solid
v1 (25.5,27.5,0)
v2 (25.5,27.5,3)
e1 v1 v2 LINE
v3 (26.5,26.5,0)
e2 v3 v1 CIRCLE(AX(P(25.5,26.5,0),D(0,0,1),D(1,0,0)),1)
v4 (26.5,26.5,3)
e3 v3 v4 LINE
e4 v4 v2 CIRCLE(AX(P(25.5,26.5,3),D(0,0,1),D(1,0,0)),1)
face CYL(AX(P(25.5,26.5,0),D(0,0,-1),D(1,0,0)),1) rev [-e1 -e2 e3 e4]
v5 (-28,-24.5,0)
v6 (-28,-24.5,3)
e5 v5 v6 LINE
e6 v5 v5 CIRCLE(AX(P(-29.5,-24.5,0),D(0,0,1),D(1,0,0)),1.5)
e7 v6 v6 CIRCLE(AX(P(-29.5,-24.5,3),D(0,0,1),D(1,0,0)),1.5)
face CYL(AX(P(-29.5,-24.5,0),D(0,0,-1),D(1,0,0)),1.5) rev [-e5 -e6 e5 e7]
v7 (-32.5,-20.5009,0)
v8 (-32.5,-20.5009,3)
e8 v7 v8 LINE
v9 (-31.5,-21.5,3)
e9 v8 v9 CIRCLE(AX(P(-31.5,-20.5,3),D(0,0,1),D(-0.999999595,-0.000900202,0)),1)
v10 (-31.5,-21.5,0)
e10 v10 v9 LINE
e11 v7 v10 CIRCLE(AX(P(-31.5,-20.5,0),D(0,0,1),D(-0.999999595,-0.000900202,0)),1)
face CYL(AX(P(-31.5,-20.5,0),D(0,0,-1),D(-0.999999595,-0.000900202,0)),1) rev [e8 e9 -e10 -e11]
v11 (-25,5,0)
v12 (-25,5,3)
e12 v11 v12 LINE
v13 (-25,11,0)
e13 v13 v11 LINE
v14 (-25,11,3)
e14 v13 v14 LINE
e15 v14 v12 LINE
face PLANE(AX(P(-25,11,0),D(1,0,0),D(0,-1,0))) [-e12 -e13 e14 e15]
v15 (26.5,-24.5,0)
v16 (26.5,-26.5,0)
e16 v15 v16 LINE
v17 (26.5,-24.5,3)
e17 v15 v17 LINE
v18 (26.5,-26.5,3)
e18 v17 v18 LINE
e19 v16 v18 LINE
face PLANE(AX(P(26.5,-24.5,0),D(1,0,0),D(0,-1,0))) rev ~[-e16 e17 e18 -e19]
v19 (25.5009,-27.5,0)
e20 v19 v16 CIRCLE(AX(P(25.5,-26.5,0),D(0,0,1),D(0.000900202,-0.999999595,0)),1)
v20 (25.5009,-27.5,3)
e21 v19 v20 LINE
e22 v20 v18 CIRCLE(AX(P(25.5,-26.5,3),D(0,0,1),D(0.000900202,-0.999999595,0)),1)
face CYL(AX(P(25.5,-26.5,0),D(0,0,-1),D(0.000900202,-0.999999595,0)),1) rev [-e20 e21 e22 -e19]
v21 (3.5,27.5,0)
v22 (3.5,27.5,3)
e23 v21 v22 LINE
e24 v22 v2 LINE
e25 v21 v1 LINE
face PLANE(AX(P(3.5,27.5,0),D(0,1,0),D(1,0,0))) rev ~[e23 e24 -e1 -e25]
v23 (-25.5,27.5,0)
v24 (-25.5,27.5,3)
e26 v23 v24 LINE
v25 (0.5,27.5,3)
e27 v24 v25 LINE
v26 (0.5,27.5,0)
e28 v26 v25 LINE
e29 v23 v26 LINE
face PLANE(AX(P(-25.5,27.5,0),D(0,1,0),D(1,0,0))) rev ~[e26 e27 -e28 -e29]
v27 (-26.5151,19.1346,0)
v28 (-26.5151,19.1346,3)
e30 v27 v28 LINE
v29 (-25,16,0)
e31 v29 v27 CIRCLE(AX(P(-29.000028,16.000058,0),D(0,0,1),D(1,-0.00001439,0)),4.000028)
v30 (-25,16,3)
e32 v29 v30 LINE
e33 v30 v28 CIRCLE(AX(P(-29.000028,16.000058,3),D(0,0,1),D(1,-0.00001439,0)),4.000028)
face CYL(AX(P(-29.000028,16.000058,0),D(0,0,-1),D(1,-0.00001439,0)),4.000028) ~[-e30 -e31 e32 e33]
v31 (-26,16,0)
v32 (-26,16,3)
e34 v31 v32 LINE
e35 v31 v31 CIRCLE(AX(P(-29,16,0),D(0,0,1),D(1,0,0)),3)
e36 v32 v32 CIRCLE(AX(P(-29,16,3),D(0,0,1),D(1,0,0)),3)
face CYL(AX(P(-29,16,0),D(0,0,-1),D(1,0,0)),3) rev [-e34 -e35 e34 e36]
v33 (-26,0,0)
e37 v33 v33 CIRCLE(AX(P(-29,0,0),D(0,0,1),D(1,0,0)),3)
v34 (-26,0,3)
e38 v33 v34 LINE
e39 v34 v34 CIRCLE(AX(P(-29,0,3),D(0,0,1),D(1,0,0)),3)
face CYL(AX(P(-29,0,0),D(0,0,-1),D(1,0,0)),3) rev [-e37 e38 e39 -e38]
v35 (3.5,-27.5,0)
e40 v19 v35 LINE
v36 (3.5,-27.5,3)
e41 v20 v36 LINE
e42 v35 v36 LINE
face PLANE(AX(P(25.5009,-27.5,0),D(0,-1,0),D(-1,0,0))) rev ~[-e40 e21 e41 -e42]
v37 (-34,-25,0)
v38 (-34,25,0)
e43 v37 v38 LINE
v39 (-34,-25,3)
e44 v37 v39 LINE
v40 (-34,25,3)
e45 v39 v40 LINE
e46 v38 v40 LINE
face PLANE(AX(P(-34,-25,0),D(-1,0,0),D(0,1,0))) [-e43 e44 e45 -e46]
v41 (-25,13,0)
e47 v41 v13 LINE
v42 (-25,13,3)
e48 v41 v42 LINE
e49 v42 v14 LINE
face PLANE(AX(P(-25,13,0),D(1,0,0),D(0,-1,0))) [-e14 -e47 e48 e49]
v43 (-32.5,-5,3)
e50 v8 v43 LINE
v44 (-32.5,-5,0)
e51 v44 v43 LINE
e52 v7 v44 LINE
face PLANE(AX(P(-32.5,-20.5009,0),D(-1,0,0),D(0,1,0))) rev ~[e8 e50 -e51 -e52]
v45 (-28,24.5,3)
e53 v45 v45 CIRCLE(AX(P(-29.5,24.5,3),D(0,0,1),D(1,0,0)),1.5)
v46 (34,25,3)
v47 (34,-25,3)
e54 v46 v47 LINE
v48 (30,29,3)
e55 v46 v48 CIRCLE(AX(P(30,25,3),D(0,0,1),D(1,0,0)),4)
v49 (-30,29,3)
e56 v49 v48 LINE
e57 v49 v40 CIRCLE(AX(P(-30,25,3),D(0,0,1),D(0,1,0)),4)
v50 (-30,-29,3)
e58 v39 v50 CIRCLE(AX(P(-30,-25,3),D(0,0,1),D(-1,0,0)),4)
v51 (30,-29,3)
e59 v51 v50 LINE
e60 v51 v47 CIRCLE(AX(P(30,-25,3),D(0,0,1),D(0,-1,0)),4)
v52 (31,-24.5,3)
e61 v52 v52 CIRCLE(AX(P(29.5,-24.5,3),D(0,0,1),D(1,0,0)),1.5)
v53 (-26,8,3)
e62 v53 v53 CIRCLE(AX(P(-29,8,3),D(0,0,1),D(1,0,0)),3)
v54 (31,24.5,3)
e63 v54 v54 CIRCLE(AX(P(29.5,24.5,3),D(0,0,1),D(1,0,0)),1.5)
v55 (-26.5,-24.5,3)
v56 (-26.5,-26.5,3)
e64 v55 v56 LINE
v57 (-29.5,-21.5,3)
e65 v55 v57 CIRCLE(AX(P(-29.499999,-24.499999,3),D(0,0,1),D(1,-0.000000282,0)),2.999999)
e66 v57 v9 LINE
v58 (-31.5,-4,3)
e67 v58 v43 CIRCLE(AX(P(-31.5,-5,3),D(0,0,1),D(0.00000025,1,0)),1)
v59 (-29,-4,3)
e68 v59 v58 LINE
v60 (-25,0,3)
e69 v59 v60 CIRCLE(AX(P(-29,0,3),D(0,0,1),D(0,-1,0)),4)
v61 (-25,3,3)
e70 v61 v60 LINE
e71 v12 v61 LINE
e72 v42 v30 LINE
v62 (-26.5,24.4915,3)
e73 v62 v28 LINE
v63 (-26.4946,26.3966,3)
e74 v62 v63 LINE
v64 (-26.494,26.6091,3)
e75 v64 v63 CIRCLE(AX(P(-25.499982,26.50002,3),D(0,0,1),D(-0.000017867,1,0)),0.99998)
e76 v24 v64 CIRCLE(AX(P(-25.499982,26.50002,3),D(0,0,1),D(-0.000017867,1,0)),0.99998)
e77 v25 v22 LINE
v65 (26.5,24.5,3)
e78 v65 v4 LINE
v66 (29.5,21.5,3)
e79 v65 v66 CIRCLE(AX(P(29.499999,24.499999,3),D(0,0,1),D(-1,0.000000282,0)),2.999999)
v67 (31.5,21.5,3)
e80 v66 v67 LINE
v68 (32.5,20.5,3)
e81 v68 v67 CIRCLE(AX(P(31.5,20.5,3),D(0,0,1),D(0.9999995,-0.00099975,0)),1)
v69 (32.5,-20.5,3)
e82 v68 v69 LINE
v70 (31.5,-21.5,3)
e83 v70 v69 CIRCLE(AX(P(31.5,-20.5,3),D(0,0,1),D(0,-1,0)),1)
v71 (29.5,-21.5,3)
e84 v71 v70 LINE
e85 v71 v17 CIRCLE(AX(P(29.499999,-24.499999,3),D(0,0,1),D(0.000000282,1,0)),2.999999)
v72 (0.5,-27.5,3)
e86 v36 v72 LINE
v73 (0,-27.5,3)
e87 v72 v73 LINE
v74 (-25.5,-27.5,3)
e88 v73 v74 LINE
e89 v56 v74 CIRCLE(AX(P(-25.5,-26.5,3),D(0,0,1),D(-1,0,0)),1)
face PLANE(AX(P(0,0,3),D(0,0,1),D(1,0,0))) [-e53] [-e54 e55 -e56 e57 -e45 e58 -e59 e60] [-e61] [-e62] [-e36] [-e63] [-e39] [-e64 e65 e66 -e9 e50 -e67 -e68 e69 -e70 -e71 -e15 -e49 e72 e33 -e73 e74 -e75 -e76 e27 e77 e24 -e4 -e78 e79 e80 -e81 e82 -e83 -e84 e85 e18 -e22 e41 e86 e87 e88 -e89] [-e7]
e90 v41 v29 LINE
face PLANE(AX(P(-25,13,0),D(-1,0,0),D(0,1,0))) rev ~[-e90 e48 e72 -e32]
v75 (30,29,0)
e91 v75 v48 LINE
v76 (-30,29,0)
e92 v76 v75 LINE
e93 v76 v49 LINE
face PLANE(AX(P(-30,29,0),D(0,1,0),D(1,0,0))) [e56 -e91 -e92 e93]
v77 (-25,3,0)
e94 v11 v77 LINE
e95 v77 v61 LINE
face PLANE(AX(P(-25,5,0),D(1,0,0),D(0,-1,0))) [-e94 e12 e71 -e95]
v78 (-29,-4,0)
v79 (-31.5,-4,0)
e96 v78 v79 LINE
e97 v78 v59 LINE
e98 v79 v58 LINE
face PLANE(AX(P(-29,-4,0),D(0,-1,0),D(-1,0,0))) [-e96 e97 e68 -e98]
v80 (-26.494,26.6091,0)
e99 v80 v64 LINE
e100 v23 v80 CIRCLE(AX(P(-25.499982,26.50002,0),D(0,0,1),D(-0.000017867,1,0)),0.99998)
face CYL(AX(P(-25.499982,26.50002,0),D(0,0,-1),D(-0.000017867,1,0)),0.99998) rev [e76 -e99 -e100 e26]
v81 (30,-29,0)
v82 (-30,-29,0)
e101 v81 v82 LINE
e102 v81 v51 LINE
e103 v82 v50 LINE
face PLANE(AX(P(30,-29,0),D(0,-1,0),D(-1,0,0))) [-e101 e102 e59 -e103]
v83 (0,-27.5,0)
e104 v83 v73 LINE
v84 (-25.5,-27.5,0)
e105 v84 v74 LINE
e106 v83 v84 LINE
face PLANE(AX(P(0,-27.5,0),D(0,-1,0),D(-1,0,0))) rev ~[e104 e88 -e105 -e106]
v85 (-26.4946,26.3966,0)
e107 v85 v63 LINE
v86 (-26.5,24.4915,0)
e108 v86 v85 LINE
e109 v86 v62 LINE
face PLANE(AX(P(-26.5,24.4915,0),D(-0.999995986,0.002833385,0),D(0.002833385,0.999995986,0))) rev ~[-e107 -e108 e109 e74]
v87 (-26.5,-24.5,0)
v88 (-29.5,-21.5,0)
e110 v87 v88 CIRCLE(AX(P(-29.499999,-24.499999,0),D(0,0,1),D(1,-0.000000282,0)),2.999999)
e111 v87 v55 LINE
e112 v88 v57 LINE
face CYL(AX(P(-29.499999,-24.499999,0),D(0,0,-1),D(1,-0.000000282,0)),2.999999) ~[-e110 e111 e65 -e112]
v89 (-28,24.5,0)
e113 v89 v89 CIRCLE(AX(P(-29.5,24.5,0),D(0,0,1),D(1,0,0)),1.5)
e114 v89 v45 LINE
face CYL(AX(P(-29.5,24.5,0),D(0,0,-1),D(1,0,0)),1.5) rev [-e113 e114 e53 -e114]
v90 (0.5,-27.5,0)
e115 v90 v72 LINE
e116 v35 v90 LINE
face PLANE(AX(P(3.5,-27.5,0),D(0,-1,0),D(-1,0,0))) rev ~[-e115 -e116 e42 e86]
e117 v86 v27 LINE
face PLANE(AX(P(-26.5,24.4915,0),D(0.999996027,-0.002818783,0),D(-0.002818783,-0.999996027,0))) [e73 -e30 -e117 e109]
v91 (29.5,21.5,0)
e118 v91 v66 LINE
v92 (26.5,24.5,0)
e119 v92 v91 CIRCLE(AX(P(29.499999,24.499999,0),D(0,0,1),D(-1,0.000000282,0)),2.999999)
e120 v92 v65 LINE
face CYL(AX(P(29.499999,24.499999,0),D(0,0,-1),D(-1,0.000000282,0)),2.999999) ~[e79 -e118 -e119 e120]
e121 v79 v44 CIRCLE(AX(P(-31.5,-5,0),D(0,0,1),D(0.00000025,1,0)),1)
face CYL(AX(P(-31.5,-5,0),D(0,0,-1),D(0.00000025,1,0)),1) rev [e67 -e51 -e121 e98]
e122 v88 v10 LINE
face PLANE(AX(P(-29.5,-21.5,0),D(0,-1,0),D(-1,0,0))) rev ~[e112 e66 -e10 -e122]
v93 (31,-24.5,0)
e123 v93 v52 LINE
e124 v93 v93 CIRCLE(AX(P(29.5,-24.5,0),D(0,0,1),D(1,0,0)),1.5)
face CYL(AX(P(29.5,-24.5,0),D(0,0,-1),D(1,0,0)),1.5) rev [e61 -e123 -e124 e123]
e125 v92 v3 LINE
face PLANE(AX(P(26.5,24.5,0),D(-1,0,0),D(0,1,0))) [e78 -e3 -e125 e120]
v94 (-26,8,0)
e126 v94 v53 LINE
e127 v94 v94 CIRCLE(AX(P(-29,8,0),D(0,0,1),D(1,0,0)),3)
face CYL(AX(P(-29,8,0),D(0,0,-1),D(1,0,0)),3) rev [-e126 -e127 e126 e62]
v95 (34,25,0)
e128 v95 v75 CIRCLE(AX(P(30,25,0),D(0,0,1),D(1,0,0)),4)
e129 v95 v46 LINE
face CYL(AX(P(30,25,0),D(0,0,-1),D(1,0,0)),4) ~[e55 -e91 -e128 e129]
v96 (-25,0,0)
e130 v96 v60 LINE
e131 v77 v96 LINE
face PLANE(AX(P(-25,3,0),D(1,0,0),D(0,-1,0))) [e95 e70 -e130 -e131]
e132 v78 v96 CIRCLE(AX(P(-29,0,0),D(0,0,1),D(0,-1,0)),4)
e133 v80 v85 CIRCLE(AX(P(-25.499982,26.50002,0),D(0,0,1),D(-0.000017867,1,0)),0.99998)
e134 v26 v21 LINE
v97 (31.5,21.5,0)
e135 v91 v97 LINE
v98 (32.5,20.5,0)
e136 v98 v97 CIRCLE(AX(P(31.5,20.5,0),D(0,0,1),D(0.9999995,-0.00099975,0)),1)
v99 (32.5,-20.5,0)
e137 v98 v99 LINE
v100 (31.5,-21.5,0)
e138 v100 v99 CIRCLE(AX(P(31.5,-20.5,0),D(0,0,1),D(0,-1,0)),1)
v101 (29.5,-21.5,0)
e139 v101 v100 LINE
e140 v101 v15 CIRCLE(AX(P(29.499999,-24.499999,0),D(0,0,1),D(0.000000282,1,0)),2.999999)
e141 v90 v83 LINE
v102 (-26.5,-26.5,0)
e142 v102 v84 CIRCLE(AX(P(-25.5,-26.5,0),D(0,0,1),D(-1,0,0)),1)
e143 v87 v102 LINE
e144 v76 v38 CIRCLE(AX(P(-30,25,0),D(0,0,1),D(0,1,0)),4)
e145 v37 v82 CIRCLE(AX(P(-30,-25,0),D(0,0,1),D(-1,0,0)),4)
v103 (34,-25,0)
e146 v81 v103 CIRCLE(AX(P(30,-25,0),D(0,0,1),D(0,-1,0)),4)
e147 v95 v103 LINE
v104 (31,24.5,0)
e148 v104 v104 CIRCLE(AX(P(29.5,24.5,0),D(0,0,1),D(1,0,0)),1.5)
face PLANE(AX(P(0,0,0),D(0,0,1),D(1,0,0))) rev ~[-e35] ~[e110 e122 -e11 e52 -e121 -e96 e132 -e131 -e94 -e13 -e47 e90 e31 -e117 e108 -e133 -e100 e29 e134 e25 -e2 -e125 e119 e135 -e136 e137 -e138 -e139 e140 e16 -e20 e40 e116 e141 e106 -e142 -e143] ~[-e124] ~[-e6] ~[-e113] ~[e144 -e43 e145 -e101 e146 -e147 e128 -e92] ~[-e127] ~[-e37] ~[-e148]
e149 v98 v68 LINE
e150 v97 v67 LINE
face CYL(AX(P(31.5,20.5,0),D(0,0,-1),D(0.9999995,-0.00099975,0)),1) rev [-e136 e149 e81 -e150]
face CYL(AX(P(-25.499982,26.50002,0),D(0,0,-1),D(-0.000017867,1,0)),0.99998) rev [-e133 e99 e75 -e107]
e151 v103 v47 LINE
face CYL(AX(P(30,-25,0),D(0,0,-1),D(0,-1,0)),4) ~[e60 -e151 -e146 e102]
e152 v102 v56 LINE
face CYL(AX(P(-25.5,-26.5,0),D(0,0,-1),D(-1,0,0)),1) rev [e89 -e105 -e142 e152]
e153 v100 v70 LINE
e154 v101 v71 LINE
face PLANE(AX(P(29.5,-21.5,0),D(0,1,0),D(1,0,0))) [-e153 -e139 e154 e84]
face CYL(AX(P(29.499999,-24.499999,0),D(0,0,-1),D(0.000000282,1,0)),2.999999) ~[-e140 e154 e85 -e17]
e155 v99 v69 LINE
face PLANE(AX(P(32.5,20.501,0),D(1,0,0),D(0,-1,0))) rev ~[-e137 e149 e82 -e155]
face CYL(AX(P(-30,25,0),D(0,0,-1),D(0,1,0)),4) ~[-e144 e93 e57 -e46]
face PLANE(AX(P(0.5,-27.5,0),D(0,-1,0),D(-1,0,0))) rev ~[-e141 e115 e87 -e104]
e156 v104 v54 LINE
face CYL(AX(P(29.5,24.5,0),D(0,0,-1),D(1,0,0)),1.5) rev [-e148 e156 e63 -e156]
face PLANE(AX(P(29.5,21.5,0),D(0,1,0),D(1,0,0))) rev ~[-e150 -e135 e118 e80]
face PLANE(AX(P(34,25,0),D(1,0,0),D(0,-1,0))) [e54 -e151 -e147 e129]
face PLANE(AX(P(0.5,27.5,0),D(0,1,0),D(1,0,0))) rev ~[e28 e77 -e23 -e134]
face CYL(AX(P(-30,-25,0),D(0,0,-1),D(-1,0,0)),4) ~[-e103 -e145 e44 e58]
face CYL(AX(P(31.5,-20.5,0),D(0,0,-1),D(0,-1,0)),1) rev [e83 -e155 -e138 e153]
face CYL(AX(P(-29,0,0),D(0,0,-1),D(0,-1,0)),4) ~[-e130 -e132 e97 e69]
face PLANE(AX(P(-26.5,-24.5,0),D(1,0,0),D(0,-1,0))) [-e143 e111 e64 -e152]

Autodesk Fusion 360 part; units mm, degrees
sketch "Sketch1" plane through (0, 0, 0) normal (0, 0, 1) x (1, 0, 0)
  line L0 (-29.5, 24.5) -> (-35.5, 24.5) construction
  circle A0 centre (29.5, 24.5) radius 1.5
  line L1 (25.5009, -27.5) -> (3.5, -27.5)
  arc A1 (34, 25) -> (30, 29) centre (30, 25) ccw
  circle A2 centre (29.5, -24.5) radius 1.5
  arc A3 (30, -29) -> (34, -25) centre (30, -25) ccw
  line L2 (30, -29) -> (-30, -29)
  arc A4 (-34, -25) -> (-30, -29) centre (-30, -25) ccw
  line L3 (0, -27.5) -> (0.5, -27.5) construction
  line L4 (0.5, -27.5) -> (-25.5, -27.5)
  line L5 (-30, 29) -> (30, 29)
  line L6 (0, 27.5) -> (0.5, 27.5) construction
  circle A5 centre (-29.5, 24.5) radius 1.5
  arc A6 (-30, 29) -> (-34, 25) centre (-30, 25) ccw
  line L7 (0, -27.5) -> (0.5, -27.5) construction
  line L8 (-34, -25) -> (-34, 25)
  circle A7 centre (-29.5, -24.5) radius 1.5
  line L9 (0, -27.5) -> (0.5, -27.5)
  line L10 (34, 25) -> (34, -25)
  line L11 (-29.5, 24.5) -> (-34, 24.5) construction
  line L12 (-34, 24.5) -> (-34, 29) construction
  line L13 (-34, 29) -> (-29.5, 29) construction
  line L14 (-29.5, 29) -> (-29.5, 24.5) construction
  line L15 (-34, 29) -> (-29, 29) construction
  line L16 (-29, 29) -> (-29, 16) construction
  line L17 (-29, 16) -> (-34, 16) construction
  line L18 (-34, 16) -> (-34, 29) construction
  line L19 (-25, 13) -> (-25, 11)
  line L20 (-25, 5) -> (-25, 3)
  line L21 (-25, 13) -> (-25, 16)
  line L22 (-25, 11) -> (-25, 5)
  line L23 (-25, 3) -> (-25, 0)
  line L24 (-26.5, 24.4915) -> (-26.494, 26.6091)
  line L25 (-26.5, 24.4915) -> (-26.5151, 19.1346)
  arc A8 (-25.5, 27.5) -> (-26.4946, 26.3966) centre (-25.5, 26.5) ccw
  line L26 (-30, 27.5) -> (-29, 27.5)
  line L27 (-25.5, 27.5) -> (0.5, 27.5)
  arc A9 (-29, 27.458) -> (-29.5, 27.5) centre (-29.5, 24.5) ccw
  arc A10 (-29, 27.458) -> (-29.5, 27.5) centre (-29.5, 24.5) ccw
  circle A11 centre (-29, 16) radius 3
  circle A12 centre (-29, 8) radius 3
  circle A13 centre (-29, 0) radius 3
  arc A14 (-25, 16) -> (-26.5151, 19.1346) centre (-29, 16) ccw
  arc A15 (-29, -4) -> (-25, 0) centre (-29, 0) ccw
  line L28 (-32.5, -20.5009) -> (-32.5, -4.999)
  line L29 (-29, -3) -> (-29, -4) construction
  line L30 (-29, -4) -> (-31.5, -4)
  line L31 (-29.5, -24.5) -> (-26.5, -24.5) construction
  line L32 (-26.5, -24.5) -> (-26.5, -21.5) construction
  line L33 (-26.5, -21.5) -> (-29.5, -21.5) construction
  line L34 (-29.5, -21.5) -> (-29.5, -24.5) construction
  line L35 (-26.5, -24.5) -> (-26.5, -26.5)
  line L36 (-29.5, -21.5) -> (-31.5, -21.5)
  arc A16 (-26.5, -24.5015) -> (-29.5014, -21.5) centre (-29.5, -24.5) ccw
  arc A17 (-31.5, -4) -> (-32.5, -5.001) centre (-31.5, -5) ccw
  arc A18 (-32.5, -20.4991) -> (-31.5, -21.5) centre (-31.5, -20.5) ccw
  arc A19 (-26.5, -26.5) -> (-25.5, -27.5) centre (-25.5, -26.5) ccw
  line L37 (0.5, 27.5) -> (3.5, 27.5)
  line L38 (3.5, -27.5) -> (0.5, -27.5)
  line L39 (29.5, -24.5) -> (26.5, -24.5) construction
  line L40 (26.5, -24.5) -> (26.5, -21.5) construction
  line L41 (26.5, -21.5) -> (29.5, -21.5) construction
  line L42 (29.5, -21.5) -> (29.5, -24.5) construction
  line L43 (29.5, -21.5) -> (31.5, -21.5)
  line L44 (26.5, -24.5) -> (26.5, -26.5)
  line L45 (32.5, -24.5) -> (32.5, -25)
  arc A20 (29.5014, -21.5) -> (26.5, -24.5015) centre (29.5, -24.5) ccw
  arc A21 (25.4991, -27.5) -> (26.5, -26.5) centre (25.5, -26.5) ccw
  arc A22 (31.5, -21.5) -> (32.5, -20.5) centre (31.5, -20.5) ccw
  line L46 (29.5, 24.5) -> (26.5, 24.5) construction
  line L47 (26.5, 24.5) -> (26.5, 21.5) construction
  line L48 (26.5, 21.5) -> (29.5, 21.5) construction
  line L49 (29.5, 21.5) -> (29.5, 24.5) construction
  line L50 (26.5, 24.5) -> (26.5, 26.5)
  line L51 (29.5, 21.5) -> (31.5, 21.5)
  line L52 (32.5, 25) -> (32.5, 24.5)
  line L53 (32.5, 20.501) -> (32.5, -20.5)
  arc A23 (26.5, 24.5015) -> (29.5014, 21.5) centre (29.5, 24.5) ccw
  line L54 (3.5, 27.5) -> (25.5, 27.5)
  line L55 (29.5, 27.5) -> (30, 27.5)
  arc A24 (26.5, 26.5) -> (25.5, 27.5) centre (25.5, 26.5) ccw
  arc A25 (32.5, 20.499) -> (31.5, 21.5) centre (31.5, 20.5) ccw
  point P0 (-29, 12)
  dimension "d1" = 3
  dimension "d2" = 3
  dimension "d3" = 3
  dimension "d4" = 3
  dimension "d12" = 5
  dimension "d13" = 13
  dimension "d20" = 2
extrude "Extrude1" add sketch "Sketch1" along normal blind 3
equation "gasket_thikness = 3 mm"
equation "d21 = gasket_thikness"
